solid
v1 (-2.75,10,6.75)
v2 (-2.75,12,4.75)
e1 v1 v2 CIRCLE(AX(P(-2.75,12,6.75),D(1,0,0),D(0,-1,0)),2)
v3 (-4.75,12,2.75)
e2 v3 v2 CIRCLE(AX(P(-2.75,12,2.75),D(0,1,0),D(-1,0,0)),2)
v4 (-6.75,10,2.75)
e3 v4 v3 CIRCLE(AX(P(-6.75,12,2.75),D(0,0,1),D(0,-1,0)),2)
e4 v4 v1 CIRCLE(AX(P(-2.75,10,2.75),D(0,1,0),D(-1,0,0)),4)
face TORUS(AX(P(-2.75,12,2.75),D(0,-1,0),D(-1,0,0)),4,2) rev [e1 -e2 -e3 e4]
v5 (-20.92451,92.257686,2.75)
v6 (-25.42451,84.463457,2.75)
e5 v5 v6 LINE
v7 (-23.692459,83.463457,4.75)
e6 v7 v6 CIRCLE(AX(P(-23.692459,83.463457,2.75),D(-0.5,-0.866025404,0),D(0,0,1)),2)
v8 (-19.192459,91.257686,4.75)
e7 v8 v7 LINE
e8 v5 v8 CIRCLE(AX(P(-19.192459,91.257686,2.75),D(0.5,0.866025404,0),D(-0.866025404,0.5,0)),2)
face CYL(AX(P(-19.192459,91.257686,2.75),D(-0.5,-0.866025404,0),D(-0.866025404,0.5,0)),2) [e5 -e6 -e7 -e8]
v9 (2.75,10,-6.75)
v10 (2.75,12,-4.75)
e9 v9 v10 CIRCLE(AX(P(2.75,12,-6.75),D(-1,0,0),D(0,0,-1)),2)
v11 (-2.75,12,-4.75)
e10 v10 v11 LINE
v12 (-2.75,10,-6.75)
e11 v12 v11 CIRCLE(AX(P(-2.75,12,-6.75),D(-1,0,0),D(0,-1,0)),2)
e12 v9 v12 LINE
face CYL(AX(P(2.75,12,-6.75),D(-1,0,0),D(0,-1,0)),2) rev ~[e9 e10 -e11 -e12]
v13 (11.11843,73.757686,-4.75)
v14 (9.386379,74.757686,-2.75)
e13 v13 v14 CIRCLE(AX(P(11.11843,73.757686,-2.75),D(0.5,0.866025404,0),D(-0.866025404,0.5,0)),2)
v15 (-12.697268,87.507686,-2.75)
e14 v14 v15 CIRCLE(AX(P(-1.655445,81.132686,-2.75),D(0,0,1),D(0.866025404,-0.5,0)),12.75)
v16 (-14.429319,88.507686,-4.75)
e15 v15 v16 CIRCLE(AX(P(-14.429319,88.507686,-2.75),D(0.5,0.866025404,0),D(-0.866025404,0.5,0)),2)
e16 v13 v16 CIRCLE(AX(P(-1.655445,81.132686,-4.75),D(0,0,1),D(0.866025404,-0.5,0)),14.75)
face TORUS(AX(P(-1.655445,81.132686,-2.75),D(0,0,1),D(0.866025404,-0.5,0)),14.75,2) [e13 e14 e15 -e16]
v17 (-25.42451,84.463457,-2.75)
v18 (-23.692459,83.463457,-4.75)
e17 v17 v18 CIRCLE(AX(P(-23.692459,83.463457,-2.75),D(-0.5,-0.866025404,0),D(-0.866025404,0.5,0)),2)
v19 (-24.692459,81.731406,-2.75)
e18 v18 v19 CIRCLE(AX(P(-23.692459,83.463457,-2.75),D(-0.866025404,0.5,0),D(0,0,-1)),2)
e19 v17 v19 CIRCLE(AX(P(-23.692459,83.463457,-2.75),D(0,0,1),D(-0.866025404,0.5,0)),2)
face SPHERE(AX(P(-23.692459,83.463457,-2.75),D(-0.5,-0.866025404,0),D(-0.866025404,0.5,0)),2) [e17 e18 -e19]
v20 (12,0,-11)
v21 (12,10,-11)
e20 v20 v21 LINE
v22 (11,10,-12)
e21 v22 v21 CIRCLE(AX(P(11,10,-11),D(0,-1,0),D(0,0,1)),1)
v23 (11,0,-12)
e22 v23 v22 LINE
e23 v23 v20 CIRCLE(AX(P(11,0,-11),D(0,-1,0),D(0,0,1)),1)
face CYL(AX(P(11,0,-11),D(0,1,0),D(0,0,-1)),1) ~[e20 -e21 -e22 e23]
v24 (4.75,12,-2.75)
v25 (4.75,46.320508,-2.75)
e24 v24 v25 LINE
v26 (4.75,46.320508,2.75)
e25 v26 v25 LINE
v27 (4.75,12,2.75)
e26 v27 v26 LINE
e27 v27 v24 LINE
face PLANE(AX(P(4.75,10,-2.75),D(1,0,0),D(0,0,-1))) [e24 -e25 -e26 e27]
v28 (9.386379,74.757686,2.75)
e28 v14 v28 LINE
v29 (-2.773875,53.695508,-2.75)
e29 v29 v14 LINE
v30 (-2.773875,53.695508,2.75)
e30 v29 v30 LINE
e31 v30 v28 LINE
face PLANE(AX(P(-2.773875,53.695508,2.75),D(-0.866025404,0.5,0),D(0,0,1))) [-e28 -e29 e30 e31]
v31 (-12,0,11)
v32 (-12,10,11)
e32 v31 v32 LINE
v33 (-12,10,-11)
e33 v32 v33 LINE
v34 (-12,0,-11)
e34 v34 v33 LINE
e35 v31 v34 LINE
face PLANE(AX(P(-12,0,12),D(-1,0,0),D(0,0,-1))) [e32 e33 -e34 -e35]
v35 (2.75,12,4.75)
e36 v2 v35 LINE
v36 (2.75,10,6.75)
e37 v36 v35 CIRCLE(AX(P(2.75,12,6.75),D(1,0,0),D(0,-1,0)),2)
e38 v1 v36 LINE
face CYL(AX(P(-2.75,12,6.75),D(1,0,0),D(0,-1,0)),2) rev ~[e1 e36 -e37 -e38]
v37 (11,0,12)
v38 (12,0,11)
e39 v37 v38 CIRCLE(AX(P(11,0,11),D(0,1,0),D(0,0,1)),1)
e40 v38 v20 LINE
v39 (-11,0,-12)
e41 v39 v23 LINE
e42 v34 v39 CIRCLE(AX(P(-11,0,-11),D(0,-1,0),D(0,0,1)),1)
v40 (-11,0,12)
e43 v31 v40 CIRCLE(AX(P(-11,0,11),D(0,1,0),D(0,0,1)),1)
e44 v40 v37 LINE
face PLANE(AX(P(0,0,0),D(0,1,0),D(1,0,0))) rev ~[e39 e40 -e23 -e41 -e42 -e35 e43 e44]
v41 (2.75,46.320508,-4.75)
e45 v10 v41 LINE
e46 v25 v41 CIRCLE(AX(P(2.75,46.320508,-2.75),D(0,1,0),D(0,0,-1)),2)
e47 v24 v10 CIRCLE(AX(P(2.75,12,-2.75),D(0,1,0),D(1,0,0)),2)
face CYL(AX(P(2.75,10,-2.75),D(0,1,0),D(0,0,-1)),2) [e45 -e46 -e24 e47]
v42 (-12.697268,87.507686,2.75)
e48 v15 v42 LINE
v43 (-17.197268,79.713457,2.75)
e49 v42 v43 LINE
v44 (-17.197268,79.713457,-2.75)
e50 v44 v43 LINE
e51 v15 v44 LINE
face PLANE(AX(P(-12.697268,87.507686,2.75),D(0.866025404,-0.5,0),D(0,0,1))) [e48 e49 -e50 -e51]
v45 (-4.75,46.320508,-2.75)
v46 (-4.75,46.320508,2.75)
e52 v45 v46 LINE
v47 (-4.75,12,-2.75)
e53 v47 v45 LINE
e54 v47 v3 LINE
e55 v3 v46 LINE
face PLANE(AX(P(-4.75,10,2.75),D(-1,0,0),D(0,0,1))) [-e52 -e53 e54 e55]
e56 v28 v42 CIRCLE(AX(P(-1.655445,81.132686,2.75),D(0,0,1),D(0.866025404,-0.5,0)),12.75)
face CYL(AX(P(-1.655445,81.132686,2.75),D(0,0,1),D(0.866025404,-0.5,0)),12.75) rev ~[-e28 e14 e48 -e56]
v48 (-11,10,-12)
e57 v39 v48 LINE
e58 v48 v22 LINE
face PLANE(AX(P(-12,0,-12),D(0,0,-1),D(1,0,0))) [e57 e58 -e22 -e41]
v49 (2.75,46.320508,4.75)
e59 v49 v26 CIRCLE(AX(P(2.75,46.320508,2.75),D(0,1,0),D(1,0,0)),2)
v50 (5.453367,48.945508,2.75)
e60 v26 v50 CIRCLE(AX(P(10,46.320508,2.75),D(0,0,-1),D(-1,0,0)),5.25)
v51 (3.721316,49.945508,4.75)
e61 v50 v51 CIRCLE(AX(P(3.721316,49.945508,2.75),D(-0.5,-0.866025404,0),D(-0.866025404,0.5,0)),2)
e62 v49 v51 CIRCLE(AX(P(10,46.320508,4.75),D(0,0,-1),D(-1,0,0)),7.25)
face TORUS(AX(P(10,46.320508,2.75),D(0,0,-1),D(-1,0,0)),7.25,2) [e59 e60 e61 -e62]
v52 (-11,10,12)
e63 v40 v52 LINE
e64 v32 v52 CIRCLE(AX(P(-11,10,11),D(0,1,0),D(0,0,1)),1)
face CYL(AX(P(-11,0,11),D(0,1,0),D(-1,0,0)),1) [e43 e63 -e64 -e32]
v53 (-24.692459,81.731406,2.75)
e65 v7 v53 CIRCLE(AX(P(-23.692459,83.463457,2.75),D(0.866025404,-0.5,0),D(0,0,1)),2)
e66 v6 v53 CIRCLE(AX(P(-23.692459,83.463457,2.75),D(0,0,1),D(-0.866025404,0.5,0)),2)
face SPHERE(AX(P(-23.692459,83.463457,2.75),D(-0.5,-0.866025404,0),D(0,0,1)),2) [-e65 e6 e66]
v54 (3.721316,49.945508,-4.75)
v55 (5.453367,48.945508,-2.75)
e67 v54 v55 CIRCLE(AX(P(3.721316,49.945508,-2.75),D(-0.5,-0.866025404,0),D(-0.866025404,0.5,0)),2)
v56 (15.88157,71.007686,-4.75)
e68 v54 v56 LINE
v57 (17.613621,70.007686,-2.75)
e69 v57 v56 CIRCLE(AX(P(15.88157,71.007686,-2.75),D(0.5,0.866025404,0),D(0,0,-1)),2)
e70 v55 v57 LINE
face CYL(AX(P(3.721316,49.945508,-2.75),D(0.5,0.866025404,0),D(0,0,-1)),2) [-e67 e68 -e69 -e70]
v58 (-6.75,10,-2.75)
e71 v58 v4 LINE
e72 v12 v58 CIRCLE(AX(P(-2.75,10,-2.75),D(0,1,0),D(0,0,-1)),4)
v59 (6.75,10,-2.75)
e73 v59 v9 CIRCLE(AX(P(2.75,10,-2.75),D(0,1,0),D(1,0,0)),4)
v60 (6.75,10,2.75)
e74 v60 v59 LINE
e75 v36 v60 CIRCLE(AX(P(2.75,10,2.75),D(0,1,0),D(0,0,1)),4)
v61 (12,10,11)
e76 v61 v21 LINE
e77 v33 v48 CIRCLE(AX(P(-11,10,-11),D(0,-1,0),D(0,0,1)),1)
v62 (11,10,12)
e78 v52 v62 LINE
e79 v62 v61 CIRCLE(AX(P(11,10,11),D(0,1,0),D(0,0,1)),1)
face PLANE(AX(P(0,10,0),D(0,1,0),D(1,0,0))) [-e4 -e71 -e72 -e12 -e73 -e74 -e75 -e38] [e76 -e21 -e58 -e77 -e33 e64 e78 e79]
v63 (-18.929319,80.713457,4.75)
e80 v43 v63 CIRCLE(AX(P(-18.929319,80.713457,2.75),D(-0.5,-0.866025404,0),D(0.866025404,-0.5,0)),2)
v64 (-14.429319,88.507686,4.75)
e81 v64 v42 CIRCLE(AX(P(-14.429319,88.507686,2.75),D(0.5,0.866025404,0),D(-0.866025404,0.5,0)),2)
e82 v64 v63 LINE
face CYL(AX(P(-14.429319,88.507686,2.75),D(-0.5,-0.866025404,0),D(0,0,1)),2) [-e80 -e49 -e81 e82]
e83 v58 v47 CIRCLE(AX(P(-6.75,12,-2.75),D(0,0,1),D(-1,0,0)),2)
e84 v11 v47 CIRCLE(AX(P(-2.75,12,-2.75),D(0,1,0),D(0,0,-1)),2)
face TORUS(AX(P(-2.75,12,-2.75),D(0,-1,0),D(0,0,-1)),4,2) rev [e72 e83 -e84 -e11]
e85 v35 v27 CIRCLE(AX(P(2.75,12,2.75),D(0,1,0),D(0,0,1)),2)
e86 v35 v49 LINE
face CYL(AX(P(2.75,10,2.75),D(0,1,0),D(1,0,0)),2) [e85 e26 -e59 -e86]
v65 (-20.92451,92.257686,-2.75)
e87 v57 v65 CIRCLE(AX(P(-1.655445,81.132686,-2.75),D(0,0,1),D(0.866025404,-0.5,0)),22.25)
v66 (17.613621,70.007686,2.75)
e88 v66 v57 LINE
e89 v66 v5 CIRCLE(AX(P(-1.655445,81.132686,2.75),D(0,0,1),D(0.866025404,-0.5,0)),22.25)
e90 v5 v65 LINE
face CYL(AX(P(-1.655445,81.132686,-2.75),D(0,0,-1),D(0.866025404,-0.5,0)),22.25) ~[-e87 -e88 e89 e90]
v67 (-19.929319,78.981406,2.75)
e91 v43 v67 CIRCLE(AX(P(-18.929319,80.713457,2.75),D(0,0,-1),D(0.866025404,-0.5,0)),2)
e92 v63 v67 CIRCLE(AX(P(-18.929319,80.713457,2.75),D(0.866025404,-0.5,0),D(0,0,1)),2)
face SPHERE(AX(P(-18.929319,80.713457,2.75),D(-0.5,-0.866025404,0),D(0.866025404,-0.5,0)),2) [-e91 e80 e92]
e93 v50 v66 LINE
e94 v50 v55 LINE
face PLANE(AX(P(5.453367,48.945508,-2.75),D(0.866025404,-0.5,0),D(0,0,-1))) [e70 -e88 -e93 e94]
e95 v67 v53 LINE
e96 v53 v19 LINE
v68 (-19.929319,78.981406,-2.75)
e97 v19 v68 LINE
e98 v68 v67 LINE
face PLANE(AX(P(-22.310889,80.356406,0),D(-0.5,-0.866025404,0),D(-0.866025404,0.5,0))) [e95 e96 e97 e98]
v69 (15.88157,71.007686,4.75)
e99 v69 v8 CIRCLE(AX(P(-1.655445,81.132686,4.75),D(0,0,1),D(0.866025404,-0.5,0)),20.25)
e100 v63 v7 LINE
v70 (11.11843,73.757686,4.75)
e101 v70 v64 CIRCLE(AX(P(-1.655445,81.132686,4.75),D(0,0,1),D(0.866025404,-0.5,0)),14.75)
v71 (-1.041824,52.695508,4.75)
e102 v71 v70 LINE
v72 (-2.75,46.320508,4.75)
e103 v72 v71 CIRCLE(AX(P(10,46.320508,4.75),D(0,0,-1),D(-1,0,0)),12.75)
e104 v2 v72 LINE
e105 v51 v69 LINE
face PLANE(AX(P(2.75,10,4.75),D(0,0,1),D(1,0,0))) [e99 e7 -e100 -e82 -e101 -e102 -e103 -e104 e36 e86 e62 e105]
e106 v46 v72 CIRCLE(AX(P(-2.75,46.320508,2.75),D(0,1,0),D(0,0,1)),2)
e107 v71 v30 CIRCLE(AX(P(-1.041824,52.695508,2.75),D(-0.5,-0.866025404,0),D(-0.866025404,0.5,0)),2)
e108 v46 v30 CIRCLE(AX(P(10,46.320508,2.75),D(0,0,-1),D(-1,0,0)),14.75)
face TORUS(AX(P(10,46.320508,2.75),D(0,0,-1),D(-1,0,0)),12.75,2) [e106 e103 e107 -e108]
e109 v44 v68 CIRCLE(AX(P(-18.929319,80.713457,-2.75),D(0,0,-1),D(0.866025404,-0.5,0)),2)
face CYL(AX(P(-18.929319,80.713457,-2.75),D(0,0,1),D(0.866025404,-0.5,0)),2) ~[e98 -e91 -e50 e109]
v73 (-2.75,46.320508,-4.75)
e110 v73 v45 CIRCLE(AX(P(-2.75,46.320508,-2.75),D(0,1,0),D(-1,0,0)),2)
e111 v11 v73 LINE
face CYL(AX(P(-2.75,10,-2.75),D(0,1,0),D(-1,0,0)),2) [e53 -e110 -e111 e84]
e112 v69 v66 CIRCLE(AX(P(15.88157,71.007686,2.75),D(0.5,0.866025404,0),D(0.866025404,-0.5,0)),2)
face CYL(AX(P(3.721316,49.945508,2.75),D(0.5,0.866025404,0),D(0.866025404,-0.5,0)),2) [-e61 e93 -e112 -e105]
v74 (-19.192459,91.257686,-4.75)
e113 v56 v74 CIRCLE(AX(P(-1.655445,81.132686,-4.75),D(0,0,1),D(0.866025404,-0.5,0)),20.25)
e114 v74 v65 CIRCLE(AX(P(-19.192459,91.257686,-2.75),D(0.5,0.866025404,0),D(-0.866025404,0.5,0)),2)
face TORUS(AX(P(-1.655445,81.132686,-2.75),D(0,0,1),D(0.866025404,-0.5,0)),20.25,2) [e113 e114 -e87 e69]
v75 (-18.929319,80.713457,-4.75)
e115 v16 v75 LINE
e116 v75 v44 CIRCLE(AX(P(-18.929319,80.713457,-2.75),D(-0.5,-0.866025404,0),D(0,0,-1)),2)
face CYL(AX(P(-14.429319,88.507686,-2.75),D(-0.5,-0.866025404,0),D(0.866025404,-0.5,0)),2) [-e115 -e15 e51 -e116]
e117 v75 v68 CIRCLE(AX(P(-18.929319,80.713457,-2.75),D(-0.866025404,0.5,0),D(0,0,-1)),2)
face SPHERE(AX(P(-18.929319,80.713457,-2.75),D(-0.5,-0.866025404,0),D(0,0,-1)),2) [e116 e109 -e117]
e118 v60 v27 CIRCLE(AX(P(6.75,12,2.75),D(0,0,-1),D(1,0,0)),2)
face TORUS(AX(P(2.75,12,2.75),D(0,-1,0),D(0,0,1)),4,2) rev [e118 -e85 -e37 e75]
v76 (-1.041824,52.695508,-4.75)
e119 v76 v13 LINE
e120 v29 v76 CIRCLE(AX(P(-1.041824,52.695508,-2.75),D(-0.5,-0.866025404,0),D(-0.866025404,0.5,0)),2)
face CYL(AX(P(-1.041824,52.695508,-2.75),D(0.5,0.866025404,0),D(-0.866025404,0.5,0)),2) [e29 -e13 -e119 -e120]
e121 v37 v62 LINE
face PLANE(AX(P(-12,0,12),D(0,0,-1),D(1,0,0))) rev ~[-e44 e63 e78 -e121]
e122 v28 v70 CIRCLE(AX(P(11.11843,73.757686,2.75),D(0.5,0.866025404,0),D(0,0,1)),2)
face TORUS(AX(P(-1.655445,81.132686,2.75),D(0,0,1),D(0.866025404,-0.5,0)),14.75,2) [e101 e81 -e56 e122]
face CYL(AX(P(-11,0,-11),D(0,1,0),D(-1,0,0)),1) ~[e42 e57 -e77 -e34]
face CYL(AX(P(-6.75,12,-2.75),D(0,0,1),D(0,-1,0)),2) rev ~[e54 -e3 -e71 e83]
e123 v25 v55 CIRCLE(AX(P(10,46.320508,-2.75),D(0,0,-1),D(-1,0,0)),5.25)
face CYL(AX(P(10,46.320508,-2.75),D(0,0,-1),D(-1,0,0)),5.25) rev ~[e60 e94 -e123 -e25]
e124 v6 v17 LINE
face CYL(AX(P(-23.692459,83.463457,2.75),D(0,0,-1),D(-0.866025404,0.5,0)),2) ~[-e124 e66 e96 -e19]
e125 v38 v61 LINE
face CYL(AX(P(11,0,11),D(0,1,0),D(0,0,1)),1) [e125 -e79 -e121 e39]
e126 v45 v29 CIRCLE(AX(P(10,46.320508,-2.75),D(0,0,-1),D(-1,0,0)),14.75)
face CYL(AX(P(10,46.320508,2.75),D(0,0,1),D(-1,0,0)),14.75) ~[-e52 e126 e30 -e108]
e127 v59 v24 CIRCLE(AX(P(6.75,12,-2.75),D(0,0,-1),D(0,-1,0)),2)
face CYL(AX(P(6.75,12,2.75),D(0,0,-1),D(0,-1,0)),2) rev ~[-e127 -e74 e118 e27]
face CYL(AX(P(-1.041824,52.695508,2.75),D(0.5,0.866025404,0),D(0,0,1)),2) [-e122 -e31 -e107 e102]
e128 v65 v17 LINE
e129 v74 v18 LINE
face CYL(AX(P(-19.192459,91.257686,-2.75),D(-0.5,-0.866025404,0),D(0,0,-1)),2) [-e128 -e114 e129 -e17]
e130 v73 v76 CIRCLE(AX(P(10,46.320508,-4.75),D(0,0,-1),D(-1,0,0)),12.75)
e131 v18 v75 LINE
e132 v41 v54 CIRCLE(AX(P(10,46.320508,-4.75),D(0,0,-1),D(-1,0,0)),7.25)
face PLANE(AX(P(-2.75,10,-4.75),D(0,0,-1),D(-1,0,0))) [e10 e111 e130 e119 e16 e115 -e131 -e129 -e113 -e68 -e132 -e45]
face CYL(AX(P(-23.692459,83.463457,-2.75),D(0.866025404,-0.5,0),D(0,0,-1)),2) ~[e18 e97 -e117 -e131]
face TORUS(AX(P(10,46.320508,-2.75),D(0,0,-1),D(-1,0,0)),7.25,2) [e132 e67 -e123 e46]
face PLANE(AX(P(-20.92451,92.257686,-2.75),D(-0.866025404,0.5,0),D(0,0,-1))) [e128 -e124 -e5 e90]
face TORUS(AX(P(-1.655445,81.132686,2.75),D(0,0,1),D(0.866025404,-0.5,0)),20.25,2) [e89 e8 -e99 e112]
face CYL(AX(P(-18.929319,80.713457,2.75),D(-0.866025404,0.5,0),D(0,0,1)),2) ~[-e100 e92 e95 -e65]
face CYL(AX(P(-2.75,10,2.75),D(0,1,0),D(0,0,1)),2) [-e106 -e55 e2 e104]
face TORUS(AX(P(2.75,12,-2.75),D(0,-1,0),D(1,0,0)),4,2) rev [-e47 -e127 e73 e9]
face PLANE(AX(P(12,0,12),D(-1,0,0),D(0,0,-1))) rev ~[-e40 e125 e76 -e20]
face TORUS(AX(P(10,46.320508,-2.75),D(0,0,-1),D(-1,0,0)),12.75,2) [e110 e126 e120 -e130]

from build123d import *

# Parameters (mm, degrees)
SKETCH1_W           = 24
SKETCH1_H           = 24
BOSS_EXTRUDE1_DEPTH = 10
FILLET1_R           = 2
FILLET2_R           = 1


with BuildPart() as part:
    # Sketch1 → Boss-Extrude1 (new body)
    with BuildSketch(Plane(origin=(0, 0, 0), x_dir=(1, 0, 0), z_dir=(0, 1, 0))):
        Rectangle(SKETCH1_W, SKETCH1_H)
    extrude(amount=BOSS_EXTRUDE1_DEPTH)

    # Sweep1: sweep along a path in Sketch2
    with BuildLine(Plane.XY) as sweep1_path:
        Line((0, 10), (0, 46.32050807568873))
        ThreePointArc((0, 46.32050807568873), (0.3407417371093189, 48.90869852671398), (1.3397459621556382, 51.320508075688814))
        Line((1.3397459621556382, 51.320508075688814), (13.500000000000028, 72.38268590217983))
        ThreePointArc((13.500000000000028, 72.38268590217983), (7.094555433772385, 96.28813046840753), (-16.810889132455312, 89.88268590217987))
        Line((-16.810889132455312, 89.88268590217987), (-22.310889132455326, 80.35640646055106))
    # Sketch3 → Sweep1 (sweep)
    with BuildSketch(Plane(origin=(0, 10, 0), x_dir=(1, 0, 0), z_dir=(0, 1, 0))):
        with BuildLine():
            Line((2.7499999999999853, -4.750000000000002), (-2.749999999999986, -4.750000000000001))
            ThreePointArc((-2.749999999999986, -4.750000000000001), (-4.164213562373095, -4.164213562373096), (-4.75, -2.7499999999999867))
            Line((-4.75, -2.7499999999999867), (-4.75, 2.7499999999999853))
            ThreePointArc((-4.75, 2.7499999999999853), (-4.164213562373094, 4.164213562373095), (-2.7499999999999853, 4.749999999999999))
            Line((-2.7499999999999853, 4.749999999999999), (2.7499999999999862, 4.749999999999998))
            ThreePointArc((2.7499999999999862, 4.749999999999998), (4.164213562373096, 4.164213562373094), (4.750000000000001, 2.749999999999984))
            Line((4.750000000000001, 2.749999999999984), (4.75, -2.749999999999987))
            ThreePointArc((4.75, -2.749999999999987), (4.164213562373096, -4.164213562373097), (2.7499999999999853, -4.750000000000002))
        make_face()
    sweep(path=sweep1_path.line)

    # Fillet1
    fillet1_edges = [part.edges().sort_by_distance(p)[0] for p in [
        (-18.704574400656547, 78.27429967936449, 4.164213562373096),
        (-22.310889132455365, 80.35640646055109, 4.750000000000002),
        (-25.91720386425412, 82.43851324173762, 4.164213562373098),
        (-26.42450980043141, 82.73140646055109, 1.78e-15),
        (-25.917203864254123, 82.43851324173762, -4.164213562373092),
        (-22.310889132455365, 80.35640646055109, -4.749999999999998),
        (-18.704574400656547, 78.27429967936449, -4.164213562373094),
        (-18.197268464479265, 77.98140646055103, 8.9e-16),
        (-4.4e-16, 10, 4.750000000000002),
        (4.164213562373095, 10, 4.164213562373098),
        (4.75, 10, 1.78e-15),
        (4.164213562373097, 10, -4.164213562373092),
        (4.4e-16, 10, -4.749999999999998),
        (-4.164213562373095, 10, -4.164213562373094),
        (-4.75, 10, 8.9e-16),
        (-4.164213562373096, 10, 4.164213562373096),
    ]]
    fillet(fillet1_edges, radius=FILLET1_R)

    # Fillet2
    fillet2_edges = [part.edges().sort_by_distance(p)[0] for p in [
        (12, 5, 12),
        (-12, 5, 12),
        (-12, 5, -12),
        (12, 5, -12),
    ]]
    fillet(fillet2_edges, radius=FILLET2_R)


solid = part.part
